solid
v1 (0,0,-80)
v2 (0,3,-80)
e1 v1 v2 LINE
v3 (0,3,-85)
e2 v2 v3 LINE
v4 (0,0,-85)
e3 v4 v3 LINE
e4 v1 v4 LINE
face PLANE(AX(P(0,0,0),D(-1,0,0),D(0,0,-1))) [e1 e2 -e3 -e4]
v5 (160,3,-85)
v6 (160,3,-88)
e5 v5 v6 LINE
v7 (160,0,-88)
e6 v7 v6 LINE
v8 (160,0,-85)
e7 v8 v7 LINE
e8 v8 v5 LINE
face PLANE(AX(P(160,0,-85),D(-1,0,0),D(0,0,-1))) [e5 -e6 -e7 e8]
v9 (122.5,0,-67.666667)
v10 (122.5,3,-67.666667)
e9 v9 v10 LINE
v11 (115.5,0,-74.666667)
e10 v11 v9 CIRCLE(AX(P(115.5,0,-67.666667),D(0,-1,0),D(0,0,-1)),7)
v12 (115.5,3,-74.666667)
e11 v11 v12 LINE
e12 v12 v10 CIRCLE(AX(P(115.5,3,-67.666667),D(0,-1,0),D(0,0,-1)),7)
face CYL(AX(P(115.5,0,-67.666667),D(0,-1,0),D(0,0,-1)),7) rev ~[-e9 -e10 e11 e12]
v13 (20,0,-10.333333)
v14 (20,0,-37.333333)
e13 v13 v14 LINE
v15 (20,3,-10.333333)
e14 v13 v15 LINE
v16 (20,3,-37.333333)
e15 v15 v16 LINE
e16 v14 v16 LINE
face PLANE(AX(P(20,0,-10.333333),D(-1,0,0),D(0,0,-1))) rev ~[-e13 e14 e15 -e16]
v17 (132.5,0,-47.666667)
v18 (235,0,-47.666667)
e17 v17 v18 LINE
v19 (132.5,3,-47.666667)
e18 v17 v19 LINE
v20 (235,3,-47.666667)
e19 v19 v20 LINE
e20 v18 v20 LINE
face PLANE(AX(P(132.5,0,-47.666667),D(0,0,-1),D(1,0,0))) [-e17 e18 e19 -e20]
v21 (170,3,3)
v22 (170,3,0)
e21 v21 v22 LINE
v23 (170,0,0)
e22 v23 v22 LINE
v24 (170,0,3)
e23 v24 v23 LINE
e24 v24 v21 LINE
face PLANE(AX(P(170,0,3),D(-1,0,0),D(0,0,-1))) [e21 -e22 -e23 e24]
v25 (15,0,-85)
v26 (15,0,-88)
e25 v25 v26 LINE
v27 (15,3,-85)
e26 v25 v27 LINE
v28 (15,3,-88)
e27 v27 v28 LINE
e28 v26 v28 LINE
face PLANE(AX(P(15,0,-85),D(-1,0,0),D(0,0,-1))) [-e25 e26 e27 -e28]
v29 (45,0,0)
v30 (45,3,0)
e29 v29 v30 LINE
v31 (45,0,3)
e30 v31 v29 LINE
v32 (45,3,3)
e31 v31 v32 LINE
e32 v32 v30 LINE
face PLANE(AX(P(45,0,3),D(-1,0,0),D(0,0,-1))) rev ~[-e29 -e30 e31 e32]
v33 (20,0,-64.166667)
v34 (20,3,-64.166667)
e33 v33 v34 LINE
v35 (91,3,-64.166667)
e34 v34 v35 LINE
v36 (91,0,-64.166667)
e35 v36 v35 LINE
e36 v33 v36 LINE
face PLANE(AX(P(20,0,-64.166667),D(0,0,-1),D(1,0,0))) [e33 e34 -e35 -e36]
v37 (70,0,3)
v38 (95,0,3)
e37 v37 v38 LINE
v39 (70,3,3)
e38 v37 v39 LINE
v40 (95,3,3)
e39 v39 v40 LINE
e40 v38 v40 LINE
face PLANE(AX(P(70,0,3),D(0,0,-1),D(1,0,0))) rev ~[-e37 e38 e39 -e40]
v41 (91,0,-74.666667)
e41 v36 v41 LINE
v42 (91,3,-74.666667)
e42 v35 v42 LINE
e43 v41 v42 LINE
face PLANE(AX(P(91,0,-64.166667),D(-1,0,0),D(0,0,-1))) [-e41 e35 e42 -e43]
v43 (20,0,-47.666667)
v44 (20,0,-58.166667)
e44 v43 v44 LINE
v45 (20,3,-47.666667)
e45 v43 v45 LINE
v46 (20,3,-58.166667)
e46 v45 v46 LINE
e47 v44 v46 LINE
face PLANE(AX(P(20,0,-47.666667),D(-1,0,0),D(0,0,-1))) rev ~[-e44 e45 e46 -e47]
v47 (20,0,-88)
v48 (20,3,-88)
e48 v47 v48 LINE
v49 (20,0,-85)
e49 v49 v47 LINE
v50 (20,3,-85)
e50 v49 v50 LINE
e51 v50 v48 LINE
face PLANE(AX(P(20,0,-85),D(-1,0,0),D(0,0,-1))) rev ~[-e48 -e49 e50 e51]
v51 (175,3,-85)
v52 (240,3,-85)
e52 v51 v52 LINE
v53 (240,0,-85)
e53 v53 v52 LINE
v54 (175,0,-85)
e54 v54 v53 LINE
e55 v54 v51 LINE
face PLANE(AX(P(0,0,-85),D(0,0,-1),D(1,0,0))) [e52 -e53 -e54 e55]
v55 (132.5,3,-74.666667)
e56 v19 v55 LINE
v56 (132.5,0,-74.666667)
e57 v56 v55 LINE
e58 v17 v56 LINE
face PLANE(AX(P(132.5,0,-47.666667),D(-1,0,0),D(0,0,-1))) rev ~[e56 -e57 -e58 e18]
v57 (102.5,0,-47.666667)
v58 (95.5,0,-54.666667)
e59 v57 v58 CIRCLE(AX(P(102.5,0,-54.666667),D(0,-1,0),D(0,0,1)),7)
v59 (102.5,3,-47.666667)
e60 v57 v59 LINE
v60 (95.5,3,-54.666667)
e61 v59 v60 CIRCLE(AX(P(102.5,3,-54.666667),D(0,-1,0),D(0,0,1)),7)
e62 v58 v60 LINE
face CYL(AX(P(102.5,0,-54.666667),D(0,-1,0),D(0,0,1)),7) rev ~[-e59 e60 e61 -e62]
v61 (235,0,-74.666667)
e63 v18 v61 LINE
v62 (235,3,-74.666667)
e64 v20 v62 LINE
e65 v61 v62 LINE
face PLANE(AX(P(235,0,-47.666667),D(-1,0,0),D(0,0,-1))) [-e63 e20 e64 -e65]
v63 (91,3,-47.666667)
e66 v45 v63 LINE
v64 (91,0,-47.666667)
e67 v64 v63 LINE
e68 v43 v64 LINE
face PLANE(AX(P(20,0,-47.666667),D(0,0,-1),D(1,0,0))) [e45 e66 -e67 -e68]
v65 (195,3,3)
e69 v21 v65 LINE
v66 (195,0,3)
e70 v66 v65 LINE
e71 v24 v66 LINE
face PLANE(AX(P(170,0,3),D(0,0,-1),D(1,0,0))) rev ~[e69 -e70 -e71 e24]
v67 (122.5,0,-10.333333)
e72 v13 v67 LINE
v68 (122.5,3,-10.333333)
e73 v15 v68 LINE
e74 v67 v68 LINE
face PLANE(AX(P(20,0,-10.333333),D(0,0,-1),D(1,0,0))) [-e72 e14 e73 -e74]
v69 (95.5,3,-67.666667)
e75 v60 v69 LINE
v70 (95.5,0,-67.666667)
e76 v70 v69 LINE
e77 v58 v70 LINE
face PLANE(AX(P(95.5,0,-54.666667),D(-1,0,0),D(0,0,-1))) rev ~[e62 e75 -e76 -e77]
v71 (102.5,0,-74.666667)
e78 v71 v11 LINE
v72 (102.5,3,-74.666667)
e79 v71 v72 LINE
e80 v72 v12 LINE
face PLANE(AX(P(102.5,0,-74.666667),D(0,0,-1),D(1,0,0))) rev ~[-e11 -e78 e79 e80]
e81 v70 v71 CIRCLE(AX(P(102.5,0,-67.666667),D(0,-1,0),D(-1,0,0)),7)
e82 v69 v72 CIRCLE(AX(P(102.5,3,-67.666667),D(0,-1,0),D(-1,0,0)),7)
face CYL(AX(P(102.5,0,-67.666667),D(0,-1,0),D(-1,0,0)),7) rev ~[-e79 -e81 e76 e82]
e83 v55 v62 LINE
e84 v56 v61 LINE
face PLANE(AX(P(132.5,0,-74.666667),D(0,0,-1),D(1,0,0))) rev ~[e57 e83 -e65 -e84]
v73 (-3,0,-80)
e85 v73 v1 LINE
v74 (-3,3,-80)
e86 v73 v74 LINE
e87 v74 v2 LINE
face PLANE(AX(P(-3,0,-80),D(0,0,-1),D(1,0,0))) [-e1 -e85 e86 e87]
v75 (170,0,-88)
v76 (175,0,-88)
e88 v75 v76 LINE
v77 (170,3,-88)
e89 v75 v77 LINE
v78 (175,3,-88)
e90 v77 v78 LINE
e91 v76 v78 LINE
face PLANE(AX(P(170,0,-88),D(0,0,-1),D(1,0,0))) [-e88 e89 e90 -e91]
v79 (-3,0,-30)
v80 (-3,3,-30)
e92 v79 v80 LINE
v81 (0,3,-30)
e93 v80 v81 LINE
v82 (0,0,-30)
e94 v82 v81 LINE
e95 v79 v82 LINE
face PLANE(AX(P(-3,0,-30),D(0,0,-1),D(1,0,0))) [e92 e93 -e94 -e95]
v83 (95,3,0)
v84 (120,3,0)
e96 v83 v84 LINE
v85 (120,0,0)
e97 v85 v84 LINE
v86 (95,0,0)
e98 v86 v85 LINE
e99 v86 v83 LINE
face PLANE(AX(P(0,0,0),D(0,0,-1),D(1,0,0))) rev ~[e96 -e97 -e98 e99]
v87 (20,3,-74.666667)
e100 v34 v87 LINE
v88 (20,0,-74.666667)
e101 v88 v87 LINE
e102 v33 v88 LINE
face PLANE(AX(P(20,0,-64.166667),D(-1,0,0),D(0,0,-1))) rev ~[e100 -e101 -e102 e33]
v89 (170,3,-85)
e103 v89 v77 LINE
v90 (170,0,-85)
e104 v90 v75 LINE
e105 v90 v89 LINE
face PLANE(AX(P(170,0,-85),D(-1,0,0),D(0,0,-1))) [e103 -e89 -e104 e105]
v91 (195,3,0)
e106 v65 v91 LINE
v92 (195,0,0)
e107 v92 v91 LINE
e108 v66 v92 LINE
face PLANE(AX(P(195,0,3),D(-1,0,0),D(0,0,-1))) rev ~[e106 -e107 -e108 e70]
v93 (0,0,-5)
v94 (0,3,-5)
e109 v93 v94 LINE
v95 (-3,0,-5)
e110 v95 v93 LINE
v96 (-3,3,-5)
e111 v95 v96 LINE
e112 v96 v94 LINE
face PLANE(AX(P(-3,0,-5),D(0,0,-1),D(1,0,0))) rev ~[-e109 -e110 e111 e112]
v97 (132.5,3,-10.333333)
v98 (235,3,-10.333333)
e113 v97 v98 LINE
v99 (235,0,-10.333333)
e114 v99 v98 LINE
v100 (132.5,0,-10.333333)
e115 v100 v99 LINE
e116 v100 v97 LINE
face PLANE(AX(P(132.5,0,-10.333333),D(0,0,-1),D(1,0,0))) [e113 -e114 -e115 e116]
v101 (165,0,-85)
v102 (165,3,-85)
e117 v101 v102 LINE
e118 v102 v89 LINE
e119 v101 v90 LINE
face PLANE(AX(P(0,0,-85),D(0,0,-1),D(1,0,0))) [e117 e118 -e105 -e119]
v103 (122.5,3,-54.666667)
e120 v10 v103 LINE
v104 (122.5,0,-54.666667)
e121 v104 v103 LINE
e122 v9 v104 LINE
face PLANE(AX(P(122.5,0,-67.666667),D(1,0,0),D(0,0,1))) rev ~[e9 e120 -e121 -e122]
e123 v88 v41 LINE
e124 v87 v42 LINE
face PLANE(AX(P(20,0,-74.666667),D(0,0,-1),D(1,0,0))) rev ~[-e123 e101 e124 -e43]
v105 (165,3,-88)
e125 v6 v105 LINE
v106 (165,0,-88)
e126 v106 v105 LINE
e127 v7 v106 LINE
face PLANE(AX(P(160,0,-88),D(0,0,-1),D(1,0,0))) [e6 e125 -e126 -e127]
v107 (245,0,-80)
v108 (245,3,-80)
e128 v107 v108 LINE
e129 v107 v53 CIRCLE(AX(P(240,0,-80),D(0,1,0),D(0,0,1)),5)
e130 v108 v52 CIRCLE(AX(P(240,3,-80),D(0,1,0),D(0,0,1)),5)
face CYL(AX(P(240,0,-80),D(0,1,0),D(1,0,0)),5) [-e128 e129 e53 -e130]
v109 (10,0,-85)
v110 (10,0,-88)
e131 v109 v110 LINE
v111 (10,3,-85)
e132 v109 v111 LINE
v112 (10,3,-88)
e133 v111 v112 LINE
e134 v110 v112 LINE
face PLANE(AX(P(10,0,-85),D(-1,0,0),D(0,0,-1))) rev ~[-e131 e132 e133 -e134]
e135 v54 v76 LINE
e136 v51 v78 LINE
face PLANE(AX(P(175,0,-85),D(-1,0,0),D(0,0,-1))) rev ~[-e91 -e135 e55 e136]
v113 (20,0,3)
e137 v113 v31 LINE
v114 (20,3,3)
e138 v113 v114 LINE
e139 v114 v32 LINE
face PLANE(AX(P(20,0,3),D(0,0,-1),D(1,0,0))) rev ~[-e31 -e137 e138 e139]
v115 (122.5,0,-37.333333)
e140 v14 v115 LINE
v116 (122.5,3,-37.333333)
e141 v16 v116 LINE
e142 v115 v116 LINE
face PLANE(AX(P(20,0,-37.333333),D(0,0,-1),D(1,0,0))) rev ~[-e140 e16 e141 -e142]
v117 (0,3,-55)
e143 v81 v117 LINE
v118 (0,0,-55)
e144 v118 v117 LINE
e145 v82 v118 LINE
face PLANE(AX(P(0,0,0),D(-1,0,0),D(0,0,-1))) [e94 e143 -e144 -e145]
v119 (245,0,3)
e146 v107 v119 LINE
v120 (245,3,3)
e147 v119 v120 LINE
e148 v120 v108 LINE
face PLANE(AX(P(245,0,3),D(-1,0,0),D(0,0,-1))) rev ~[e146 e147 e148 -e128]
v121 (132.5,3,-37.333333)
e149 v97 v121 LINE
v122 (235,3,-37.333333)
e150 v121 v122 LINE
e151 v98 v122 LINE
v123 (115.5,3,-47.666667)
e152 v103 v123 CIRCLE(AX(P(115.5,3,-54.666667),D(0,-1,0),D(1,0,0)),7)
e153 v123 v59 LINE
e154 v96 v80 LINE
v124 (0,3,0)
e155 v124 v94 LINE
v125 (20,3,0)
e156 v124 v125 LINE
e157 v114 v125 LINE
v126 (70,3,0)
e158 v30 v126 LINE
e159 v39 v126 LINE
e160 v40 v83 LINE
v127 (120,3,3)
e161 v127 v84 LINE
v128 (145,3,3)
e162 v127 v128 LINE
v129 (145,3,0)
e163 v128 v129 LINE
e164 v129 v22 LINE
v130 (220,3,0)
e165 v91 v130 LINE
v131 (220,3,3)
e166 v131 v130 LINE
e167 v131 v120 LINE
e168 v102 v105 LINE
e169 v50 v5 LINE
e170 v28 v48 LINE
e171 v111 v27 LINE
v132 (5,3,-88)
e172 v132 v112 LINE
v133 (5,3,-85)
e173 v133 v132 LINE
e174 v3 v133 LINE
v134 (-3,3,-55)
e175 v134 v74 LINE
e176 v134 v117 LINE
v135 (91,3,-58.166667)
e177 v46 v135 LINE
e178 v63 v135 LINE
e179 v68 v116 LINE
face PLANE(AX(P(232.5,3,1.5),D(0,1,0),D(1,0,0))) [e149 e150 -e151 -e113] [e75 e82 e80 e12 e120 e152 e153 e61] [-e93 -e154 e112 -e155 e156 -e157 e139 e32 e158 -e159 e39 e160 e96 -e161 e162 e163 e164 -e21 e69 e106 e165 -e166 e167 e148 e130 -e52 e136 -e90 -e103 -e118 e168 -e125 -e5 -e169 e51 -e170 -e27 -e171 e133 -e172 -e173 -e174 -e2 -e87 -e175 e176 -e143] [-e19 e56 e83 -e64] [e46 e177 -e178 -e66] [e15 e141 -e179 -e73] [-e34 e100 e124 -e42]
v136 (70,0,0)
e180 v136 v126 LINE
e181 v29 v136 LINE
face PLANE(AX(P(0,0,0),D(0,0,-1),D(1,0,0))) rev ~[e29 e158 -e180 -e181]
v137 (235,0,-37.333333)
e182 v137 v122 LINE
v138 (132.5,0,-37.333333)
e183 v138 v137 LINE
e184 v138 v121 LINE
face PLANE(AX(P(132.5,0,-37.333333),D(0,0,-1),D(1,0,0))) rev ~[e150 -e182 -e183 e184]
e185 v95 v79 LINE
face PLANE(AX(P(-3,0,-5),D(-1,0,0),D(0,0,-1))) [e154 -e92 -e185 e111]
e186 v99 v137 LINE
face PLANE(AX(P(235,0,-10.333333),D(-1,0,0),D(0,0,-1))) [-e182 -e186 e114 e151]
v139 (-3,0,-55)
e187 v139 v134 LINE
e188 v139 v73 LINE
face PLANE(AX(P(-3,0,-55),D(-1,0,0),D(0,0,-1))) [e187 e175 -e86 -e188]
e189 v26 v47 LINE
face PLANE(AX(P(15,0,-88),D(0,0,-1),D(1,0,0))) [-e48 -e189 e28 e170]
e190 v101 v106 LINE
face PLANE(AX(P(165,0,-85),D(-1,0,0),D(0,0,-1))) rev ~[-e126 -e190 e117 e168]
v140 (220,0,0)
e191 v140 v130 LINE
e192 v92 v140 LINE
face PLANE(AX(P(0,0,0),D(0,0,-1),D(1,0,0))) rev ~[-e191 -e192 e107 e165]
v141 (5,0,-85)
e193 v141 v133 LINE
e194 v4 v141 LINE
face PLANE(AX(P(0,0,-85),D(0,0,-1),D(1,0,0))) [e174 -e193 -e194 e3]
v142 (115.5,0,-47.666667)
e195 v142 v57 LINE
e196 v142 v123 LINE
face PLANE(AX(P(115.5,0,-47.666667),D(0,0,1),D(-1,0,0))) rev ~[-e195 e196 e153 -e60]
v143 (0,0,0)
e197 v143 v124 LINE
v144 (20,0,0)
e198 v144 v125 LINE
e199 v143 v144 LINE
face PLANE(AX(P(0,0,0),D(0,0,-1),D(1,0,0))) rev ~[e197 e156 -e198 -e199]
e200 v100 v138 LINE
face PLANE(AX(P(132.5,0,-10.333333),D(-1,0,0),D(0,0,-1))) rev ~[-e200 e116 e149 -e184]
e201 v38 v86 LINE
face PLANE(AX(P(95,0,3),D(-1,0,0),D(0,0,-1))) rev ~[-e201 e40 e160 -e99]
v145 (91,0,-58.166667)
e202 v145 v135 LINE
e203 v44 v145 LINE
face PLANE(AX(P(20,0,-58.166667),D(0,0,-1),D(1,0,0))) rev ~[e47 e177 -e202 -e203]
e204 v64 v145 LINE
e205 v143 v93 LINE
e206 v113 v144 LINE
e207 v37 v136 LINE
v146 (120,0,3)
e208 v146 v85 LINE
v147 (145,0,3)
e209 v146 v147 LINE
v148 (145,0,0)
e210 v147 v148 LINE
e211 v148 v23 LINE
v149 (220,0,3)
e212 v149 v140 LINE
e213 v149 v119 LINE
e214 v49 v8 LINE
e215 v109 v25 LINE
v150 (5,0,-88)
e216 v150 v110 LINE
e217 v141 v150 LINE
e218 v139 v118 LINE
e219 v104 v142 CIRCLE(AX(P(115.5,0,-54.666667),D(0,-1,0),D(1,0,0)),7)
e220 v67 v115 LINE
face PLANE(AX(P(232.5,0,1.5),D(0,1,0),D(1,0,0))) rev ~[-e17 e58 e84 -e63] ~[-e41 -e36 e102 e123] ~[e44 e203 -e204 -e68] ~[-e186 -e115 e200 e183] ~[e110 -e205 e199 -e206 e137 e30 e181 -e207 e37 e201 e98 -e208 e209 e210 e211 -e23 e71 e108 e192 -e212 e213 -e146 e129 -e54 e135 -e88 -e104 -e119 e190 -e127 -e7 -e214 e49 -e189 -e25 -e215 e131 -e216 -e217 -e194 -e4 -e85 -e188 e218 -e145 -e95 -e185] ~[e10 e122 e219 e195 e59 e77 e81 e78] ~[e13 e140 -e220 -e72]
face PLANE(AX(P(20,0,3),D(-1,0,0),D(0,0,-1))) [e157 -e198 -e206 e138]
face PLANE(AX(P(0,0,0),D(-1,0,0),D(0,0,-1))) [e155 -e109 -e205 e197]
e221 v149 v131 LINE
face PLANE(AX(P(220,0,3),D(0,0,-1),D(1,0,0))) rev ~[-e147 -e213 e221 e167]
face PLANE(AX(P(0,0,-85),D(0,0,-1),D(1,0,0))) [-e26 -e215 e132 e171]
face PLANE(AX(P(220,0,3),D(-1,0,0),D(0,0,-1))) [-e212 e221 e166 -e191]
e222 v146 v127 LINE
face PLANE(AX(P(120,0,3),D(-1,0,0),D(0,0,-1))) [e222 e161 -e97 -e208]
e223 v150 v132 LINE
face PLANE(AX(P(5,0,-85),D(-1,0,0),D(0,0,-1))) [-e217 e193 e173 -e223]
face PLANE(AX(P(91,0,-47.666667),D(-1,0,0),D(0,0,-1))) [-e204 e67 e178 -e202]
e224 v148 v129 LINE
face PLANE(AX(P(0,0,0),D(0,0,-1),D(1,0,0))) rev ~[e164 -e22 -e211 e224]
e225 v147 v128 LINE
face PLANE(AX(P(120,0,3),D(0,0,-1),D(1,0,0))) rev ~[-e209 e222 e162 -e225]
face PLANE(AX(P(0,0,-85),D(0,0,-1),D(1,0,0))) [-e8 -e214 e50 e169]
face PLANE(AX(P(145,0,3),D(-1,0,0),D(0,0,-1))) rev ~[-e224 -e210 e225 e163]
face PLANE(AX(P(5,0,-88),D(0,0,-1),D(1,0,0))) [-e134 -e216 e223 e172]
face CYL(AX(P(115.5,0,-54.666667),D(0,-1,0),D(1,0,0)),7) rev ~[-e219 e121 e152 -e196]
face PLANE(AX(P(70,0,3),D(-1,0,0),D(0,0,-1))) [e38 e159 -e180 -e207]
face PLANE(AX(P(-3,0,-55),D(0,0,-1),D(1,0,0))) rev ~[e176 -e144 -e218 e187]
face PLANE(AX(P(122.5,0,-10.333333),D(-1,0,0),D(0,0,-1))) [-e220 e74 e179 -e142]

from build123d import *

# Parameters (mm, degrees)
SKICA1_W                = 245
SKICA1_H                = 85
SKICA1_W_2              = 102.5
SKICA1_H_2              = 27
SKICA1_W_3              = 71
SKICA1_H_3              = 10.5
P_IDAT_VYSUNUT_M1_DEPTH = 3
SKICA2_W                = 3
SKICA2_H                = 25
SKICA2_W_2              = 25
SKICA2_H_2              = 3
P_IDAT_VYSUNUT_M2_DEPTH = 3
SKICA3_W                = 5
SKICA3_H                = 3
P_IDAT_VYSUNUT_M3_DEPTH = 3
ZAOBLIT1_R              = 5
SKICA7_W                = 5
SKICA7_H                = 3
P_IDAT_VYSUNUT_M6_DEPTH = 3


with BuildPart() as part:
    # Skica1 → Přidat vysunutím1 (new body)
    with BuildSketch(Plane(origin=(0, 0, 0), x_dir=(1, 0, 0), z_dir=(0, 1, 0))):
        with Locations((122.5, 42.5)):
            Rectangle(SKICA1_W, SKICA1_H)
        with Locations((71.25, 23.833333333)):
            Rectangle(SKICA1_W_2, SKICA1_H_2, mode=Mode.SUBTRACT)
        with Locations((55.5, 69.416666667)):
            Rectangle(SKICA1_W_3, SKICA1_H_3, mode=Mode.SUBTRACT)
        with Locations((183.75, 23.833333333)):
            Rectangle(SKICA1_W_2, SKICA1_H_2, mode=Mode.SUBTRACT)
        with Locations((183.75, 61.166666667)):
            Rectangle(SKICA1_W_2, SKICA1_H_2, mode=Mode.SUBTRACT)
        with BuildLine():
            Line((102.5, 74.666666667), (115.5, 74.666666667))
            ThreePointArc((115.5, 74.666666667), (120.449747468, 72.616414135), (122.5, 67.666666667))
            Line((122.5, 67.666666667), (122.5, 54.666666667))
            ThreePointArc((122.5, 54.666666667), (120.449747468, 49.716919198), (115.5, 47.666666667))
            Line((115.5, 47.666666667), (102.5, 47.666666667))
            ThreePointArc((102.5, 47.666666667), (97.550252532, 49.716919198), (95.5, 54.666666667))
            Line((95.5, 54.666666667), (95.5, 67.666666667))
            ThreePointArc((95.5, 67.666666667), (97.550252532, 72.616414135), (102.5, 74.666666667))
        make_face(mode=Mode.SUBTRACT)
        with Locations((55.5, 52.916666667)):
            Rectangle(SKICA1_W_3, SKICA1_H_3, mode=Mode.SUBTRACT)
    extrude(amount=P_IDAT_VYSUNUT_M1_DEPTH)

    # Skica2 → Přidat vysunutím2 (add)
    with BuildSketch(Plane(origin=(0, 0, 0), x_dir=(1, 0, 0), z_dir=(0, 1, 0))):
        with Locations((-1.5, 17.5)):
            Rectangle(SKICA2_W, SKICA2_H)
        with Locations((-1.5, 67.5)):
            Rectangle(SKICA2_W, SKICA2_H)
        with Locations((232.5, -1.5)):
            Rectangle(SKICA2_W_2, SKICA2_H_2)
        with Locations((182.5, -1.5)):
            Rectangle(SKICA2_W_2, SKICA2_H_2)
        with Locations((132.5, -1.5)):
            Rectangle(SKICA2_W_2, SKICA2_H_2)
        with Locations((82.5, -1.5)):
            Rectangle(SKICA2_W_2, SKICA2_H_2)
        with Locations((32.5, -1.5)):
            Rectangle(SKICA2_W_2, SKICA2_H_2)
    extrude(amount=P_IDAT_VYSUNUT_M2_DEPTH)

    # Skica3 → Přidat vysunutím3 (add)
    with BuildSketch(Plane(origin=(0, 0, 0), x_dir=(1, 0, 0), z_dir=(0, 1, 0))):
        with Locations((7.5, 86.5)):
            Rectangle(SKICA3_W, SKICA3_H)
        with Locations((17.5, 86.5)):
            Rectangle(SKICA3_W, SKICA3_H)
    extrude(amount=P_IDAT_VYSUNUT_M3_DEPTH)

    # Zaoblit1
    zaoblit1_edges = [part.edges().sort_by_distance(p)[0] for p in [
        (245, 1.5, -85),
    ]]
    fillet(zaoblit1_edges, radius=ZAOBLIT1_R)

    # Skica7 → Přidat vysunutím6 (add)
    with BuildSketch(Plane(origin=(0, 0, 0), x_dir=(1, 0, 0), z_dir=(0, 1, 0))):
        with Locations((162.5, 86.5)):
            Rectangle(SKICA7_W, SKICA7_H)
        with Locations((172.5, 86.5)):
            Rectangle(SKICA7_W, SKICA7_H)
    extrude(amount=P_IDAT_VYSUNUT_M6_DEPTH)


solid = part.part
